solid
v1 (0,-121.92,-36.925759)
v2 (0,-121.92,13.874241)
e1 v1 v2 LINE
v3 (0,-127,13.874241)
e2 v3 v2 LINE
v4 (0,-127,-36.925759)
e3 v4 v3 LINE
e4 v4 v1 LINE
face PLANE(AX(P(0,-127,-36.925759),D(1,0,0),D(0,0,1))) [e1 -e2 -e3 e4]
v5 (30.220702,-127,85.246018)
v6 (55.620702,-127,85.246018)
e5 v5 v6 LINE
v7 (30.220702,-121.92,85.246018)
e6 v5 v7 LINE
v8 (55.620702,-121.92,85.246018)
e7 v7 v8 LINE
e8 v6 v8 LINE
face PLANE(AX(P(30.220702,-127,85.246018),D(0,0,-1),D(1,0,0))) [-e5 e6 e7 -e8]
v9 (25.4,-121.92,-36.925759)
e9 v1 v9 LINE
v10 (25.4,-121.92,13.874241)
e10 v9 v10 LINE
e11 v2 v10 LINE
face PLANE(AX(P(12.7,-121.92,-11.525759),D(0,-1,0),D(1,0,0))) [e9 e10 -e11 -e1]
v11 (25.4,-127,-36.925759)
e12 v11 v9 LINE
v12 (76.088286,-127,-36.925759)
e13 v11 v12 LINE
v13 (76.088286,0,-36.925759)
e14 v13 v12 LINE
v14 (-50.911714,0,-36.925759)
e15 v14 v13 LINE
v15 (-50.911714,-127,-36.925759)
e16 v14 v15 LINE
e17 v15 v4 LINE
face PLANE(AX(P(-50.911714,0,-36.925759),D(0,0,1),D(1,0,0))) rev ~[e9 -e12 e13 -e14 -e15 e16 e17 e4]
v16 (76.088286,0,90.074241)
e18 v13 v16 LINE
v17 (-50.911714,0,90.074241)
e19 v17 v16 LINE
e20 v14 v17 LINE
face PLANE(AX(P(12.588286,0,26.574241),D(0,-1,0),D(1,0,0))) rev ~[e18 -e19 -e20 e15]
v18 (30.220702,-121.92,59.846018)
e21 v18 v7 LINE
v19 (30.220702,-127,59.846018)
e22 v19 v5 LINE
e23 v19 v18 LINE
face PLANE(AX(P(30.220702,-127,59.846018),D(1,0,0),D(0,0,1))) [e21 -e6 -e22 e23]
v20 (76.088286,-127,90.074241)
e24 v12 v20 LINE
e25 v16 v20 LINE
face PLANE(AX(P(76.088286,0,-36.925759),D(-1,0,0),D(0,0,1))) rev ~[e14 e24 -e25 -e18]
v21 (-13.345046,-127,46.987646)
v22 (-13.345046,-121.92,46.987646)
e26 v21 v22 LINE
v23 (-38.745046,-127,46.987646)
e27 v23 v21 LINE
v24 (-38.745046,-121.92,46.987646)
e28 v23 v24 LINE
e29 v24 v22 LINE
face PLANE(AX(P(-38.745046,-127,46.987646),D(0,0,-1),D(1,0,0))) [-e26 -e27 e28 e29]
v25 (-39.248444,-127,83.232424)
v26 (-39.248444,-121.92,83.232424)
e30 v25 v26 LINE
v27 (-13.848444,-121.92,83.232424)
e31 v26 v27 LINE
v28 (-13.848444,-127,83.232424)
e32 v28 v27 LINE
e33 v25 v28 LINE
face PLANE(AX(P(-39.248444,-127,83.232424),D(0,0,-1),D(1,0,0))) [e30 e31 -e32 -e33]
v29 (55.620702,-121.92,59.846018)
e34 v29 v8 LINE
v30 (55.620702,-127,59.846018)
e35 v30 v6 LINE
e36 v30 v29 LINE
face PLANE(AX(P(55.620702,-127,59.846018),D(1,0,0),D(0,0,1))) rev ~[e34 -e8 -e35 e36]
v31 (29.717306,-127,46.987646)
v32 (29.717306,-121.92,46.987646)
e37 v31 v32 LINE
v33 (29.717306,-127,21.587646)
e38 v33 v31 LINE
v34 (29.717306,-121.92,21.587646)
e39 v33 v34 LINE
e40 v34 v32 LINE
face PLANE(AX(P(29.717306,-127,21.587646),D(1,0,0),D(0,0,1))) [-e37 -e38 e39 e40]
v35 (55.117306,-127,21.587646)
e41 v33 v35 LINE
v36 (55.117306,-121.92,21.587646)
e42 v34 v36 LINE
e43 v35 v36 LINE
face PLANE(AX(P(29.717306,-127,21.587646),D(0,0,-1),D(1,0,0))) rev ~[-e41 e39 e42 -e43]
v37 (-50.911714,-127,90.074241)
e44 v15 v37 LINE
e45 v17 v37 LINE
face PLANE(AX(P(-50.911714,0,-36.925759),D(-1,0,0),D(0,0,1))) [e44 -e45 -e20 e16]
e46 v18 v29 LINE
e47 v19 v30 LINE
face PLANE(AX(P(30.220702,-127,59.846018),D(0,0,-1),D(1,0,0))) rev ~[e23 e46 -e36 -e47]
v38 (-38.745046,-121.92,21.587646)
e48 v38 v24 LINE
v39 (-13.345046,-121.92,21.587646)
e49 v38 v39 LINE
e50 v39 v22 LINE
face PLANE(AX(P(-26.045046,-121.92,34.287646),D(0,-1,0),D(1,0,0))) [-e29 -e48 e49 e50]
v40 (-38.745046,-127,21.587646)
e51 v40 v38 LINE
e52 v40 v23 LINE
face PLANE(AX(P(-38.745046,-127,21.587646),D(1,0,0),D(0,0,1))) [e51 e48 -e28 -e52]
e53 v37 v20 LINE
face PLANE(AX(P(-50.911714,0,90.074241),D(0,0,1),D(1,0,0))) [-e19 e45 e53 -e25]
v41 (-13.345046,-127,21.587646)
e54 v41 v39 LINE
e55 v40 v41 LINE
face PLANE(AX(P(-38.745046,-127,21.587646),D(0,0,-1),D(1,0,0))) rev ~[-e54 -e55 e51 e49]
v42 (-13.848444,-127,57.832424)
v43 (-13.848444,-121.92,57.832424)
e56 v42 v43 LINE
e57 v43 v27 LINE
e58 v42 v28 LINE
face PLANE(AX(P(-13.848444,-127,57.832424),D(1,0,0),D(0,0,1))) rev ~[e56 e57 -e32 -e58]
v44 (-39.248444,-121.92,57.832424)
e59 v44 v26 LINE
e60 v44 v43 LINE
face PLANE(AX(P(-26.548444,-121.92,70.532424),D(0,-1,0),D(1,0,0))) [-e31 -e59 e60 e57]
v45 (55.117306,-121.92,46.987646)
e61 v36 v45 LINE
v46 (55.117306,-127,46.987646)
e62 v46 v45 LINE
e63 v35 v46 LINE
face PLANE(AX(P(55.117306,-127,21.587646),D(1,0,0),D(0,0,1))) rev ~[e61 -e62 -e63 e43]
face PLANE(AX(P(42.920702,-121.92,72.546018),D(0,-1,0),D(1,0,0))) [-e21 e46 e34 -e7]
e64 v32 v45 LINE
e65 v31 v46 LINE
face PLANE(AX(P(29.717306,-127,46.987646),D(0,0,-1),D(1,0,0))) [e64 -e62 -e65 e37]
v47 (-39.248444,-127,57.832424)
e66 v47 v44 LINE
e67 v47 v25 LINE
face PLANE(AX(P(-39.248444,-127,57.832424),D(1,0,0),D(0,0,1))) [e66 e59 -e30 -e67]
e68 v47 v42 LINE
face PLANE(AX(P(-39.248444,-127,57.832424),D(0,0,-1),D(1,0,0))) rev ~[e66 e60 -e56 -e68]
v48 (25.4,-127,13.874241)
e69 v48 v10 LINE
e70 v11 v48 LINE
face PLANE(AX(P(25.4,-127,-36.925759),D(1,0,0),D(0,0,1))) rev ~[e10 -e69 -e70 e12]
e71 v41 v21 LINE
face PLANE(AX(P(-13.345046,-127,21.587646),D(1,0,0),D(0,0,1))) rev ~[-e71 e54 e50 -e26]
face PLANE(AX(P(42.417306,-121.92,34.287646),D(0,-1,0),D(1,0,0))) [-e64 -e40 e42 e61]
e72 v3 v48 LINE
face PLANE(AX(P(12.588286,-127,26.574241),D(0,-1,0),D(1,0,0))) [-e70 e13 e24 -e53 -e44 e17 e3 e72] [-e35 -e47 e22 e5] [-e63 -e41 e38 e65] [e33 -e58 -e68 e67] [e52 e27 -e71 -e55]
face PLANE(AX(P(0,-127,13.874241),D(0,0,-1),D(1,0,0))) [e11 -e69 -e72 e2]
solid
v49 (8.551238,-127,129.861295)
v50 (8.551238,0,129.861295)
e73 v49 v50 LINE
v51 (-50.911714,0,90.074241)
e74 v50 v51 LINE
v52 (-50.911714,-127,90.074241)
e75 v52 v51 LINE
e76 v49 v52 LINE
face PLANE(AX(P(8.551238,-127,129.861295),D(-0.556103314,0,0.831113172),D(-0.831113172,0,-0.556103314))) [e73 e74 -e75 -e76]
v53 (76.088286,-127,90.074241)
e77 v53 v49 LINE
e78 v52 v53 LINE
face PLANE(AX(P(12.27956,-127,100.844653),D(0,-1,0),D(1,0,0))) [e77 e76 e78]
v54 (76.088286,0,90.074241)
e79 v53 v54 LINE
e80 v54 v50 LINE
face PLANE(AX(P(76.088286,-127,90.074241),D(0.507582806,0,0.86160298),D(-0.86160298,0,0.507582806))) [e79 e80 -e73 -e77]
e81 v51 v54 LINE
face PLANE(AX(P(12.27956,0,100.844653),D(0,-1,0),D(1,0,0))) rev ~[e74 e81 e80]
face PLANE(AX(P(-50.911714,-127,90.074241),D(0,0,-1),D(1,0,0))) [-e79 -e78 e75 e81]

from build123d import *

# Parameters (mm, degrees)
F0_W     = 127
F0_H     = 127
F1_DEPTH = 127
F2_W     = 25.4
F2_H     = 25.4
F2_H_2   = 50.8
F3_DEPTH = 5.08
F5_DEPTH = 127


with BuildPart() as f1:
    # F0 (on Front) → F1 (new body)
    with BuildSketch(Plane.XZ):
        with Locations((12.588286, 26.574241)):
            Rectangle(F0_W, F0_H)
    extrude(amount=F1_DEPTH)

    # F2 (on face) → F3 (cut)
    with BuildSketch(Plane.XZ.offset(127)):
        with Locations((-26.548444, 70.532424)):
            Rectangle(F2_W, F2_H)
        with Locations((-26.045046, 34.287646)):
            Rectangle(F2_W, F2_H)
        with Locations((12.7, -11.525759)):
            Rectangle(F2_W, F2_H_2)
        with Locations((42.417306, 34.287646)):
            Rectangle(F2_W, F2_H)
        with Locations((42.920702, 72.546018)):
            Rectangle(F2_W, F2_H)
    extrude(amount=-F3_DEPTH, mode=Mode.SUBTRACT)


with BuildPart() as f5:
    # F4 (on face) → F5 (new body)
    with BuildSketch(Plane.XZ.offset(127)):
        Polygon((8.551238, 129.861295), (-50.911714, 90.074241), (76.088286, 90.074241), align=None)
    extrude(amount=-F5_DEPTH)


solid = Compound([f1.part, f5.part])
